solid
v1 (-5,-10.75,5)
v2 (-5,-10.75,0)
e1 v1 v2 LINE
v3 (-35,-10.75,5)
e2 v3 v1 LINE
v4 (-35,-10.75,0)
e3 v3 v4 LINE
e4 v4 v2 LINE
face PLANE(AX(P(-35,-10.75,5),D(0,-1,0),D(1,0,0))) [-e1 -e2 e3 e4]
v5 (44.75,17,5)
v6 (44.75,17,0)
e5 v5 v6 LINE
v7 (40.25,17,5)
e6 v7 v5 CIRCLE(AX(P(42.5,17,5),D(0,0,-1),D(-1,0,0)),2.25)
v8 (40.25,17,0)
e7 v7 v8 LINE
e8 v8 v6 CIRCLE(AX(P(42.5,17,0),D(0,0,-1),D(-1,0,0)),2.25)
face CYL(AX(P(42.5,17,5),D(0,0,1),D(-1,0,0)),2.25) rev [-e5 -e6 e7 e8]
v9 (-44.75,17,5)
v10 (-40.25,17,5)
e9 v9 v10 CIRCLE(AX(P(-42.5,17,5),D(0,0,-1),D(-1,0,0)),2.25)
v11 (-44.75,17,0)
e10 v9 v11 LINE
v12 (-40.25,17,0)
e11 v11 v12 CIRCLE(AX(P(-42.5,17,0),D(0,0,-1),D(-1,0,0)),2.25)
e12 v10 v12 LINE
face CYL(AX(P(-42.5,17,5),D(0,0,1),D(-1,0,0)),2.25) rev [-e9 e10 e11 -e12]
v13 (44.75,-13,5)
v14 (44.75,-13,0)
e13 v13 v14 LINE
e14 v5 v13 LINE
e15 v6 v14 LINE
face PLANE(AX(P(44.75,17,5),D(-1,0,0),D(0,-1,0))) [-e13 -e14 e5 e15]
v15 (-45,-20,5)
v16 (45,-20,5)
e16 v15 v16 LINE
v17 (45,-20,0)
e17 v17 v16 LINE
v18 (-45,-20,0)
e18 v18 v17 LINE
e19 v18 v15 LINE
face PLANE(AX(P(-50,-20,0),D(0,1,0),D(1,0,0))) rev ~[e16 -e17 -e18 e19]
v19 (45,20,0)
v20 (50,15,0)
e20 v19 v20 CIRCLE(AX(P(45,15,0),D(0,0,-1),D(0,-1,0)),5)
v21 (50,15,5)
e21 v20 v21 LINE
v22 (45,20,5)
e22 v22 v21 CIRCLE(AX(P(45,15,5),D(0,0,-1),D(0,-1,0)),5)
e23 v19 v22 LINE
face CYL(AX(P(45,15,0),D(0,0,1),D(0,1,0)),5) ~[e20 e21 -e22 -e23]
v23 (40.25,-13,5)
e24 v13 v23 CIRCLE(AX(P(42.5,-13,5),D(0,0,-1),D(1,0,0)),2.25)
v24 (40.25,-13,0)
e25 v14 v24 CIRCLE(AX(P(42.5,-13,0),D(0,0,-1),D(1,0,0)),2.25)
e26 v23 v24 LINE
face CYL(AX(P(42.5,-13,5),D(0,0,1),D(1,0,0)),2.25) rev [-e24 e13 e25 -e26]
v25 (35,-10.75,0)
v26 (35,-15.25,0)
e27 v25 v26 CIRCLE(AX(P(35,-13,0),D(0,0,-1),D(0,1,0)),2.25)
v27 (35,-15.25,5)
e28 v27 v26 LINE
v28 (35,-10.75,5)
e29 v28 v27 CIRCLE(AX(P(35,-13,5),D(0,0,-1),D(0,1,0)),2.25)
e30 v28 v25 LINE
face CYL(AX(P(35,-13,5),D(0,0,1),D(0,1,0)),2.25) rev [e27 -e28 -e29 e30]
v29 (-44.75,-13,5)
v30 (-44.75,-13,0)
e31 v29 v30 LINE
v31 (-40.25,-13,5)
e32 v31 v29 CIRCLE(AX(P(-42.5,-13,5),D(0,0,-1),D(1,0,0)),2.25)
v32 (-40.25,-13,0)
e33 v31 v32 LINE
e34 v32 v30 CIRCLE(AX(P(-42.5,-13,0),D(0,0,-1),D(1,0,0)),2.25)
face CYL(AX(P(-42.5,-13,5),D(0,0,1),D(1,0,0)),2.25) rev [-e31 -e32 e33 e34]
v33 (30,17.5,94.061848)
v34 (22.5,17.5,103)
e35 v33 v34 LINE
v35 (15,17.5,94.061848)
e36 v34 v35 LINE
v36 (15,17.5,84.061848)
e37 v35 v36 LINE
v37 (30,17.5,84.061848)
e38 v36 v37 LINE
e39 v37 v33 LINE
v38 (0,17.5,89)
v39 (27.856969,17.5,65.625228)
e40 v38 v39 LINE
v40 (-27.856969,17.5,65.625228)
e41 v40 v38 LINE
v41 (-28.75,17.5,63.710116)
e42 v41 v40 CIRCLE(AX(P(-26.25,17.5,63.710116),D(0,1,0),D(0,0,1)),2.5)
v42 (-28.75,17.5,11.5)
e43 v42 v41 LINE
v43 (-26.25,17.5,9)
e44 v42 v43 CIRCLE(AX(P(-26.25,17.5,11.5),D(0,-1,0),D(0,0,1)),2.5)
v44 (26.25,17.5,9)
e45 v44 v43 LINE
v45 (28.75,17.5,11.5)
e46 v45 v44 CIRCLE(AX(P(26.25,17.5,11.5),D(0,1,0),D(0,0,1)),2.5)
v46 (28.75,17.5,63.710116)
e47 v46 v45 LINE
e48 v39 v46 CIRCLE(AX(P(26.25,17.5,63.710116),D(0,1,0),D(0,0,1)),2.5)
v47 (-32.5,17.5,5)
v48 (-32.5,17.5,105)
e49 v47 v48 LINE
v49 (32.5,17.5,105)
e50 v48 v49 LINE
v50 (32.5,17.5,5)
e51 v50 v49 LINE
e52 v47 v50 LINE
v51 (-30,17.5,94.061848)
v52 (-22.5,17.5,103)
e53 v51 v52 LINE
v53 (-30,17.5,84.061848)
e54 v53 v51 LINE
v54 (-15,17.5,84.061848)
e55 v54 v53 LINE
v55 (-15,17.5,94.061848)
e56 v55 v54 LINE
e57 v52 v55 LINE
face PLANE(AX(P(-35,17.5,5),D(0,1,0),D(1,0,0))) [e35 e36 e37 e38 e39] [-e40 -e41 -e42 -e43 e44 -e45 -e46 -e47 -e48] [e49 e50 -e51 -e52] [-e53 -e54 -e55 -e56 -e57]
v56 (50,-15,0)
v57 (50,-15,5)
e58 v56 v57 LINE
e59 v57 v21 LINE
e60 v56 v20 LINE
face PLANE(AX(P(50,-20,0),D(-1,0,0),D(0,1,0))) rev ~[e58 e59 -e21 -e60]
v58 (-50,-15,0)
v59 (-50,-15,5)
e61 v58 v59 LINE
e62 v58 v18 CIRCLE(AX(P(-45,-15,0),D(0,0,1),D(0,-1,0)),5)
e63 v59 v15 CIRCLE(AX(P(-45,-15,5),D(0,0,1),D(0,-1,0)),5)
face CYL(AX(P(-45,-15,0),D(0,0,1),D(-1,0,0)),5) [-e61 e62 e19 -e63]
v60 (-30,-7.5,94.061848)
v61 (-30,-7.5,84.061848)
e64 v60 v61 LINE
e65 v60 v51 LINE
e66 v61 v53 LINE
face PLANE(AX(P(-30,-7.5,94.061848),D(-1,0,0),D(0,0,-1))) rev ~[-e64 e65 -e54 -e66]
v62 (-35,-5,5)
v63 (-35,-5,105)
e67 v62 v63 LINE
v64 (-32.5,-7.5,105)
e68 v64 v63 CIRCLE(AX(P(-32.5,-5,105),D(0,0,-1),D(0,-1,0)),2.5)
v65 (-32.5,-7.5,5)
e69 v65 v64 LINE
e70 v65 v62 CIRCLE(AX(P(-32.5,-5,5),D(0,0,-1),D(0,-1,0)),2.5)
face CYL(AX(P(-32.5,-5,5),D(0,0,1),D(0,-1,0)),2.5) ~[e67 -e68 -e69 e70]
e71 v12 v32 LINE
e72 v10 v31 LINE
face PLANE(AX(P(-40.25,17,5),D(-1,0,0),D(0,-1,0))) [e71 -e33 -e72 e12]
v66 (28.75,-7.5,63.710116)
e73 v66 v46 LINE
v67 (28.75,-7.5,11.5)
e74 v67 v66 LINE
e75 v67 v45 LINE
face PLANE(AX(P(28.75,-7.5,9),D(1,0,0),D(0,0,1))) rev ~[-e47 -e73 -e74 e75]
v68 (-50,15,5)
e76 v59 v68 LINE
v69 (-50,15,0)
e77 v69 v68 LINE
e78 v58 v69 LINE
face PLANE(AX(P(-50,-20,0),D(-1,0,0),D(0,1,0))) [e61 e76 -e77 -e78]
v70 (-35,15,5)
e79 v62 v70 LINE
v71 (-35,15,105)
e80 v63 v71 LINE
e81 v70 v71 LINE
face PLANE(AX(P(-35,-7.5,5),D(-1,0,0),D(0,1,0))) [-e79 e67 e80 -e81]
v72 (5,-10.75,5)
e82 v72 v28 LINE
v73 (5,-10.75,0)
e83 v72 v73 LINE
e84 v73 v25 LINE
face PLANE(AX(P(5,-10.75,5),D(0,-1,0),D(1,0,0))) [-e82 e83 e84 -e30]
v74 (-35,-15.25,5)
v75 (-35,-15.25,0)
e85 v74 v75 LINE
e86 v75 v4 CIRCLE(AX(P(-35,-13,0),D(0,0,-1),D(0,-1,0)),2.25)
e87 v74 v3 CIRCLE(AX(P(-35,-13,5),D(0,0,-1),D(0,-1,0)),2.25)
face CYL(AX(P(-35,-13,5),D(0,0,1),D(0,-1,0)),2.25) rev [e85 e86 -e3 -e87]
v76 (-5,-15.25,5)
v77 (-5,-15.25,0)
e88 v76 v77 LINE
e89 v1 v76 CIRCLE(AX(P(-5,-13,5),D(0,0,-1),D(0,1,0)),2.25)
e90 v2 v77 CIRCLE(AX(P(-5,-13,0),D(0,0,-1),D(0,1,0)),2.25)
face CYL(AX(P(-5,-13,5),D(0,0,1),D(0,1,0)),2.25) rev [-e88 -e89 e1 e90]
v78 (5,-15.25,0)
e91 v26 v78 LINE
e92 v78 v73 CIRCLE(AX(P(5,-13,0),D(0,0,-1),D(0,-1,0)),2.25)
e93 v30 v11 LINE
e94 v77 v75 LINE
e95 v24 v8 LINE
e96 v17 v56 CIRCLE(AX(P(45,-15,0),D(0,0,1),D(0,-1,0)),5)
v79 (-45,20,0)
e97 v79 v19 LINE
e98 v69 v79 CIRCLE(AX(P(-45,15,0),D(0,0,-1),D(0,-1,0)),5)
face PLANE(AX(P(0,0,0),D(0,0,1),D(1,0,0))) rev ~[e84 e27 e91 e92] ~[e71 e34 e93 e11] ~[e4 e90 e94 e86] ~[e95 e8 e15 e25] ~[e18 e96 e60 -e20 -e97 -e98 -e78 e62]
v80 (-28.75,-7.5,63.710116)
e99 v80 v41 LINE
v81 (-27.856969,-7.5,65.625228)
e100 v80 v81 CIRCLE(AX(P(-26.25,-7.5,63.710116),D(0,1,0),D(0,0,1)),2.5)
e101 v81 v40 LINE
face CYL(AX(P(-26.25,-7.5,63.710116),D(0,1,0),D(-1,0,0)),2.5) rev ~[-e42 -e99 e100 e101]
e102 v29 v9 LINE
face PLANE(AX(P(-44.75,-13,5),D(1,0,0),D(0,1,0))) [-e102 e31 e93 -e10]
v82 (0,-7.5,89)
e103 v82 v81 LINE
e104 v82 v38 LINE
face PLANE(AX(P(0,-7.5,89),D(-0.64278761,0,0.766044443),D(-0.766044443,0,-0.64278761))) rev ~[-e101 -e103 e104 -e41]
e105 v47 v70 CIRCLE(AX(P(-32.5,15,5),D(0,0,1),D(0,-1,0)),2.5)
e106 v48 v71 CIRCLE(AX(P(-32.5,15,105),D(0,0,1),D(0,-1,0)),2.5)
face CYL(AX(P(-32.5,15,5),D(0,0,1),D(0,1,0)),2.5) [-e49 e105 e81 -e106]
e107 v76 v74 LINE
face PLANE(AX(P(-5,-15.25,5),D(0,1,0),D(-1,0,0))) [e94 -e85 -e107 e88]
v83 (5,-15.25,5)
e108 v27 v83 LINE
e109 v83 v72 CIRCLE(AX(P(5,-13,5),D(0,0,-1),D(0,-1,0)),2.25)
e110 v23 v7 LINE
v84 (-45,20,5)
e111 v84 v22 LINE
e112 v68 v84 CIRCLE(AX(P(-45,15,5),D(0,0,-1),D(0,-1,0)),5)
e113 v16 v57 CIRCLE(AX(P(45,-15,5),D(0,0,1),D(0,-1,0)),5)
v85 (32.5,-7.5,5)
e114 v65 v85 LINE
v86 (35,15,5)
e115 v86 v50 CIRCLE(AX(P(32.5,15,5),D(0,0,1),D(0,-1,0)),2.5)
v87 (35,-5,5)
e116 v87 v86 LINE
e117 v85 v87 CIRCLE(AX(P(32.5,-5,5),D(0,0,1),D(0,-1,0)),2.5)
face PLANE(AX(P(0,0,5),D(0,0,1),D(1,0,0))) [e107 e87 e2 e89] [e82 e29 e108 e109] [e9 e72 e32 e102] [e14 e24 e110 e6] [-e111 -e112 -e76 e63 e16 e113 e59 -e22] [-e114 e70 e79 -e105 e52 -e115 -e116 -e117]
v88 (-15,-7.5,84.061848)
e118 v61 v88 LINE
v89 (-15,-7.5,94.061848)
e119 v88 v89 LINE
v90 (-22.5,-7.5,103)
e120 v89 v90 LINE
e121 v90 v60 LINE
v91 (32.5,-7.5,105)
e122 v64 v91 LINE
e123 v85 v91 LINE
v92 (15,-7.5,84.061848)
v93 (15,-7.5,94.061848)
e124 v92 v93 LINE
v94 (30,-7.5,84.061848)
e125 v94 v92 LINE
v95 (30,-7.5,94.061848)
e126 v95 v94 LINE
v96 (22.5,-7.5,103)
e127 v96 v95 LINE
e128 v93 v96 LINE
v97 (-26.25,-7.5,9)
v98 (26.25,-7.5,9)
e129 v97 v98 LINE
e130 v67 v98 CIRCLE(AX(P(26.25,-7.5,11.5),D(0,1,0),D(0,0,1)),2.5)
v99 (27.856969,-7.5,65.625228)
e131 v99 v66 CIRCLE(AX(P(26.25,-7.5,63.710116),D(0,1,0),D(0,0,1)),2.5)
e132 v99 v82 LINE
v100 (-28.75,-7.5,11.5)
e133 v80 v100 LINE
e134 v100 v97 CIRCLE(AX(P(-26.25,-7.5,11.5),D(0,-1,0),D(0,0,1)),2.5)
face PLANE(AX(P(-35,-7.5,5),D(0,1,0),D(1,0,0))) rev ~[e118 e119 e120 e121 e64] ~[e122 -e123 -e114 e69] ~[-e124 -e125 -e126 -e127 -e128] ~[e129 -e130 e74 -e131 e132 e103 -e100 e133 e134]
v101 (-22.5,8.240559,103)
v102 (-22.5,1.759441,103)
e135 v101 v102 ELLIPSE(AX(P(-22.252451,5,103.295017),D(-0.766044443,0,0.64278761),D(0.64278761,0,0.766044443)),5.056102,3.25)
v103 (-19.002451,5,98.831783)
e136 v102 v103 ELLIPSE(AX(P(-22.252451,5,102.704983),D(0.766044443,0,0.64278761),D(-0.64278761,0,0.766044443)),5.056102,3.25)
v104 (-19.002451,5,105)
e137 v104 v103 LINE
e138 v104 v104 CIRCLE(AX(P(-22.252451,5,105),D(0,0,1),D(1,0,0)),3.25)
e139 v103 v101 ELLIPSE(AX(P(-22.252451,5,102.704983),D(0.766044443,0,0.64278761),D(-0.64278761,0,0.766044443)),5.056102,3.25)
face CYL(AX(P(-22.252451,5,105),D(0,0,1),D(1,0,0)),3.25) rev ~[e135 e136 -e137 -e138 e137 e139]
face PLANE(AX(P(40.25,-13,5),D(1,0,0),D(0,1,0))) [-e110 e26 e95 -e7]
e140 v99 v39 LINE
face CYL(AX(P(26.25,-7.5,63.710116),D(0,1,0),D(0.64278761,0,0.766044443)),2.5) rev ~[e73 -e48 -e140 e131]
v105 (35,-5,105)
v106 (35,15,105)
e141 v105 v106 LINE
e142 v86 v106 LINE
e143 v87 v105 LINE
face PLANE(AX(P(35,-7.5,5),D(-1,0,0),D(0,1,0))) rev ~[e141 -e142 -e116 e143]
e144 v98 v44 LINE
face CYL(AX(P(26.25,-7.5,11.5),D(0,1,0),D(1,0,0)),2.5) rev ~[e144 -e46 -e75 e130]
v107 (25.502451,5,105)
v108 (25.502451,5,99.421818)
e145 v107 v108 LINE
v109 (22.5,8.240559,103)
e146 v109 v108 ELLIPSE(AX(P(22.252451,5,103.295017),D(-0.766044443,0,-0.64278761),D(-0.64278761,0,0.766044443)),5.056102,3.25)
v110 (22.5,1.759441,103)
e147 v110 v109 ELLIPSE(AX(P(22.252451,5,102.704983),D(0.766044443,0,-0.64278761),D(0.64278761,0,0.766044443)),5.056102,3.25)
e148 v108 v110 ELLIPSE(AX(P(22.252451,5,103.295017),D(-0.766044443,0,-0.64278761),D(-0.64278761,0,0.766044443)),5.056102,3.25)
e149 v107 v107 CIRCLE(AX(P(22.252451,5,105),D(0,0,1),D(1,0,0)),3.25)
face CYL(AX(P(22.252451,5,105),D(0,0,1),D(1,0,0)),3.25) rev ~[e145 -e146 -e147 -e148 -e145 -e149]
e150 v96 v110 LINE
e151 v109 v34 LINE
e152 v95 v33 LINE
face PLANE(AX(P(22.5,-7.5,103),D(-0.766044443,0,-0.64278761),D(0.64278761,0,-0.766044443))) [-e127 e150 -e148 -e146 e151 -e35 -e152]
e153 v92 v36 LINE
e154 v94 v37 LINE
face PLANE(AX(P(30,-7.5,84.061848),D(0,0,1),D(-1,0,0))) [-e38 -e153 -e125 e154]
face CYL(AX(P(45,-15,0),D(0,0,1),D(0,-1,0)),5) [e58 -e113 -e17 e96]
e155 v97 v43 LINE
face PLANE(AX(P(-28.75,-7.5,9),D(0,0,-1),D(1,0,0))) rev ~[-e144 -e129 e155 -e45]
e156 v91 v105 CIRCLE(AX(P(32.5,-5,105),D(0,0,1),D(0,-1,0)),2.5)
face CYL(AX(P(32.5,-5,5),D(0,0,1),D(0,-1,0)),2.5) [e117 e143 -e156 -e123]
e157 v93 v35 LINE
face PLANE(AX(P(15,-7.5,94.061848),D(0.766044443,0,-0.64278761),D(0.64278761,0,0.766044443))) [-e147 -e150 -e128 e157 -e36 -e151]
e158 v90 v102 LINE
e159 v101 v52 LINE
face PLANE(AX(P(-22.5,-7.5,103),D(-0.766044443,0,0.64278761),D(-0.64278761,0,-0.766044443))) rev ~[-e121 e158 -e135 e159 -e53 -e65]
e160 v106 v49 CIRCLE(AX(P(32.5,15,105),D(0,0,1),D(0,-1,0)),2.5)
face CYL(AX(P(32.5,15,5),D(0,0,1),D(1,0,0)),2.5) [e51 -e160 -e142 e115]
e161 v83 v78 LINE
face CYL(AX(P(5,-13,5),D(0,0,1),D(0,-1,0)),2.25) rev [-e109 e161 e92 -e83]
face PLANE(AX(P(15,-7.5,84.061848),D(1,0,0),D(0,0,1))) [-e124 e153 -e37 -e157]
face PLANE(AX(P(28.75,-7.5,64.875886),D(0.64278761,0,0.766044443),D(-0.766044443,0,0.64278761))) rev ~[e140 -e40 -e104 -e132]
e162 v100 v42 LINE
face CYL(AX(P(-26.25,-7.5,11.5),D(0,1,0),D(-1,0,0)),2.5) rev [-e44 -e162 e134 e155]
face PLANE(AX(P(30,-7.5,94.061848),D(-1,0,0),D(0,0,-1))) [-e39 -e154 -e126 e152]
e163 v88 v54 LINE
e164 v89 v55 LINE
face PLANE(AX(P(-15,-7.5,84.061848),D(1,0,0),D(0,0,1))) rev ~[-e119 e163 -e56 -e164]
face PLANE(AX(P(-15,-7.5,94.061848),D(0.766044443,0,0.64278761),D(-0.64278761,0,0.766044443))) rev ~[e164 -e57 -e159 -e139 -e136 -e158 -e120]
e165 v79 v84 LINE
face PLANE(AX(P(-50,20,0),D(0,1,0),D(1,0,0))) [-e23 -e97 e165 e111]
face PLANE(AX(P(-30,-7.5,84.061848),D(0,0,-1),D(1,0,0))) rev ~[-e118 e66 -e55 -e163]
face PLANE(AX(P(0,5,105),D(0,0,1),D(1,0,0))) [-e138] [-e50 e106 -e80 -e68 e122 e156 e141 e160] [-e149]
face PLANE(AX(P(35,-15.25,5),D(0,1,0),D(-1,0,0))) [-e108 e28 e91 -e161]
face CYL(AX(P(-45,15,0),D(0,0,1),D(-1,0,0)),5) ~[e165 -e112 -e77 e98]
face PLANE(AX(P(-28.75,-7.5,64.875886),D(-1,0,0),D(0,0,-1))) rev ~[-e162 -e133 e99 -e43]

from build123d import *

# Parameters (mm, degrees)
SKETCH1_W           = 100
SKETCH1_H           = 40
BOSS_EXTRUDE1_DEPTH = 5
CUT_EXTRUDE1_DEPTH  = 5
CUT_EXTRUDE2_DEPTH  = 5
CUT_EXTRUDE3_DEPTH  = 5
CUT_EXTRUDE4_DEPTH  = 5
SKETCH3_W           = 70
SKETCH3_H           = 25
BOSS_EXTRUDE2_DEPTH = 100
FILLET1_R           = 5
FILLET2_R           = 2.5
CUT_EXTRUDE8_DEPTH  = 120.504184027
FILLET3_R           = 2.5
CUT_EXTRUDE9_DEPTH  = 120.504184027
CUT_EXTRUDE10_REACH = 120.004
SKETCH10_R          = 3.25


with BuildPart() as part:
    # Sketch1 → Boss-Extrude1 (new body)
    with BuildSketch(Plane.XY):
        Rectangle(SKETCH1_W, SKETCH1_H)
    extrude(amount=BOSS_EXTRUDE1_DEPTH)

    # Sketch2 → Cut-Extrude1 (cut)
    with BuildSketch(Plane.XY.offset(5)):
        with BuildLine():
            Line((-40.25, 17), (-40.25, -13))
            ThreePointArc((-40.25, -13), (-42.5, -15.25), (-44.75, -13))
            Line((-44.75, -13), (-44.75, 17))
            ThreePointArc((-44.75, 17), (-42.5, 19.25), (-40.25, 17))
        make_face()
    extrude(amount=-CUT_EXTRUDE1_DEPTH, mode=Mode.SUBTRACT)

    # Sketch2<3> → Cut-Extrude2 (cut)
    with BuildSketch(Plane.XY.offset(5)):
        with BuildLine():
            Line((-35, -10.75), (-5, -10.75))
            ThreePointArc((-5, -10.75), (-2.75, -13), (-5, -15.25))
            Line((-5, -15.25), (-35, -15.25))
            ThreePointArc((-35, -15.25), (-37.25, -13), (-35, -10.75))
        make_face()
    extrude(amount=-CUT_EXTRUDE2_DEPTH, mode=Mode.SUBTRACT)

    # Sketch2<4> → Cut-Extrude3 (cut)
    with BuildSketch(Plane.XY.offset(5)):
        with BuildLine():
            Line((5, -10.75), (35, -10.75))
            ThreePointArc((35, -10.75), (37.25, -13), (35, -15.25))
            Line((35, -15.25), (5, -15.25))
            ThreePointArc((5, -15.25), (2.75, -13), (5, -10.75))
        make_face()
    extrude(amount=-CUT_EXTRUDE3_DEPTH, mode=Mode.SUBTRACT)

    # Sketch2<5> → Cut-Extrude4 (cut)
    with BuildSketch(Plane.XY.offset(5)):
        with BuildLine():
            Line((44.75, 17), (44.75, -13))
            ThreePointArc((44.75, -13), (42.5, -15.25), (40.25, -13))
            Line((40.25, -13), (40.25, 17))
            ThreePointArc((40.25, 17), (42.5, 19.25), (44.75, 17))
        make_face()
    extrude(amount=-CUT_EXTRUDE4_DEPTH, mode=Mode.SUBTRACT)

    # Sketch3 → Boss-Extrude2 (add)
    with BuildSketch(Plane.XY.offset(5)):
        with Locations((0, 5)):
            Rectangle(SKETCH3_W, SKETCH3_H)
    extrude(amount=BOSS_EXTRUDE2_DEPTH)

    # Fillet1
    fillet1_edges = [part.edges().sort_by_distance(p)[0] for p in [
        (-50, 20, 2.5),
        (50, 20, 2.5),
        (50, -20, 2.5),
        (-50, -20, 2.5),
    ]]
    fillet(fillet1_edges, radius=FILLET1_R)

    # Fillet2
    fillet2_edges = [part.edges().sort_by_distance(p)[0] for p in [
        (-35, 17.5, 55),
        (35, 17.5, 55),
        (35, -7.5, 55),
        (-35, -7.5, 55),
    ]]
    fillet(fillet2_edges, radius=FILLET2_R)

    # Sketch8 → Cut-Extrude8 (cut, through all)
    with BuildSketch(Plane.XZ.offset(7.5)):
        Polygon((-28.75, 9), (28.75, 9), (28.75, 64.875885604), (0, 89), (-28.75, 64.875885604), align=None)
    extrude(amount=-CUT_EXTRUDE8_DEPTH, mode=Mode.SUBTRACT)

    # Fillet3
    fillet3_edges = [part.edges().sort_by_distance(p)[0] for p in [
        (28.75, 5, 64.875885604),
        (-28.75, 5, 64.875885604),
        (28.75, 5, 9),
        (-28.75, 5, 9),
    ]]
    fillet(fillet3_edges, radius=FILLET3_R)

    # Sketch9 → Cut-Extrude9 (cut, through all)
    with BuildSketch(Plane.XZ.offset(7.5)):
        Polygon((-30, 94.061848056), (-30, 84.061848056), (-15, 84.061848056), (-15, 94.061848056), (-22.5, 103), align=None)
        Polygon((15, 94.061848056), (22.5, 103), (30, 94.061848056), (30, 84.061848056), (15, 84.061848056), align=None)
    extrude(amount=-CUT_EXTRUDE9_DEPTH, mode=Mode.SUBTRACT)

    # Sketch10 → Cut-Extrude10 (cut, up to next)
    with BuildSketch(Plane.XY.offset(105), mode=Mode.PRIVATE) as cut_extrude10_sk1:
        with Locations((-22.252451, 5)):
            Circle(SKETCH10_R)
    cut_extrude10_tool1 = extrude(cut_extrude10_sk1.sketch, amount=-CUT_EXTRUDE10_REACH, mode=Mode.PRIVATE) & part.part
    # Sketch10 → Cut-Extrude10 (cut, up to next)
    with BuildSketch(Plane.XY.offset(105), mode=Mode.PRIVATE) as cut_extrude10_sk2:
        with Locations((22.252451, 5)):
            Circle(SKETCH10_R)
    cut_extrude10_tool2 = extrude(cut_extrude10_sk2.sketch, amount=-CUT_EXTRUDE10_REACH, mode=Mode.PRIVATE) & part.part
    add(cut_extrude10_tool1.solids().sort_by_distance((-22.252451, 5, 105))[0], mode=Mode.SUBTRACT)
    add(cut_extrude10_tool2.solids().sort_by_distance((22.252451, 5, 105))[0], mode=Mode.SUBTRACT)


solid = part.part
